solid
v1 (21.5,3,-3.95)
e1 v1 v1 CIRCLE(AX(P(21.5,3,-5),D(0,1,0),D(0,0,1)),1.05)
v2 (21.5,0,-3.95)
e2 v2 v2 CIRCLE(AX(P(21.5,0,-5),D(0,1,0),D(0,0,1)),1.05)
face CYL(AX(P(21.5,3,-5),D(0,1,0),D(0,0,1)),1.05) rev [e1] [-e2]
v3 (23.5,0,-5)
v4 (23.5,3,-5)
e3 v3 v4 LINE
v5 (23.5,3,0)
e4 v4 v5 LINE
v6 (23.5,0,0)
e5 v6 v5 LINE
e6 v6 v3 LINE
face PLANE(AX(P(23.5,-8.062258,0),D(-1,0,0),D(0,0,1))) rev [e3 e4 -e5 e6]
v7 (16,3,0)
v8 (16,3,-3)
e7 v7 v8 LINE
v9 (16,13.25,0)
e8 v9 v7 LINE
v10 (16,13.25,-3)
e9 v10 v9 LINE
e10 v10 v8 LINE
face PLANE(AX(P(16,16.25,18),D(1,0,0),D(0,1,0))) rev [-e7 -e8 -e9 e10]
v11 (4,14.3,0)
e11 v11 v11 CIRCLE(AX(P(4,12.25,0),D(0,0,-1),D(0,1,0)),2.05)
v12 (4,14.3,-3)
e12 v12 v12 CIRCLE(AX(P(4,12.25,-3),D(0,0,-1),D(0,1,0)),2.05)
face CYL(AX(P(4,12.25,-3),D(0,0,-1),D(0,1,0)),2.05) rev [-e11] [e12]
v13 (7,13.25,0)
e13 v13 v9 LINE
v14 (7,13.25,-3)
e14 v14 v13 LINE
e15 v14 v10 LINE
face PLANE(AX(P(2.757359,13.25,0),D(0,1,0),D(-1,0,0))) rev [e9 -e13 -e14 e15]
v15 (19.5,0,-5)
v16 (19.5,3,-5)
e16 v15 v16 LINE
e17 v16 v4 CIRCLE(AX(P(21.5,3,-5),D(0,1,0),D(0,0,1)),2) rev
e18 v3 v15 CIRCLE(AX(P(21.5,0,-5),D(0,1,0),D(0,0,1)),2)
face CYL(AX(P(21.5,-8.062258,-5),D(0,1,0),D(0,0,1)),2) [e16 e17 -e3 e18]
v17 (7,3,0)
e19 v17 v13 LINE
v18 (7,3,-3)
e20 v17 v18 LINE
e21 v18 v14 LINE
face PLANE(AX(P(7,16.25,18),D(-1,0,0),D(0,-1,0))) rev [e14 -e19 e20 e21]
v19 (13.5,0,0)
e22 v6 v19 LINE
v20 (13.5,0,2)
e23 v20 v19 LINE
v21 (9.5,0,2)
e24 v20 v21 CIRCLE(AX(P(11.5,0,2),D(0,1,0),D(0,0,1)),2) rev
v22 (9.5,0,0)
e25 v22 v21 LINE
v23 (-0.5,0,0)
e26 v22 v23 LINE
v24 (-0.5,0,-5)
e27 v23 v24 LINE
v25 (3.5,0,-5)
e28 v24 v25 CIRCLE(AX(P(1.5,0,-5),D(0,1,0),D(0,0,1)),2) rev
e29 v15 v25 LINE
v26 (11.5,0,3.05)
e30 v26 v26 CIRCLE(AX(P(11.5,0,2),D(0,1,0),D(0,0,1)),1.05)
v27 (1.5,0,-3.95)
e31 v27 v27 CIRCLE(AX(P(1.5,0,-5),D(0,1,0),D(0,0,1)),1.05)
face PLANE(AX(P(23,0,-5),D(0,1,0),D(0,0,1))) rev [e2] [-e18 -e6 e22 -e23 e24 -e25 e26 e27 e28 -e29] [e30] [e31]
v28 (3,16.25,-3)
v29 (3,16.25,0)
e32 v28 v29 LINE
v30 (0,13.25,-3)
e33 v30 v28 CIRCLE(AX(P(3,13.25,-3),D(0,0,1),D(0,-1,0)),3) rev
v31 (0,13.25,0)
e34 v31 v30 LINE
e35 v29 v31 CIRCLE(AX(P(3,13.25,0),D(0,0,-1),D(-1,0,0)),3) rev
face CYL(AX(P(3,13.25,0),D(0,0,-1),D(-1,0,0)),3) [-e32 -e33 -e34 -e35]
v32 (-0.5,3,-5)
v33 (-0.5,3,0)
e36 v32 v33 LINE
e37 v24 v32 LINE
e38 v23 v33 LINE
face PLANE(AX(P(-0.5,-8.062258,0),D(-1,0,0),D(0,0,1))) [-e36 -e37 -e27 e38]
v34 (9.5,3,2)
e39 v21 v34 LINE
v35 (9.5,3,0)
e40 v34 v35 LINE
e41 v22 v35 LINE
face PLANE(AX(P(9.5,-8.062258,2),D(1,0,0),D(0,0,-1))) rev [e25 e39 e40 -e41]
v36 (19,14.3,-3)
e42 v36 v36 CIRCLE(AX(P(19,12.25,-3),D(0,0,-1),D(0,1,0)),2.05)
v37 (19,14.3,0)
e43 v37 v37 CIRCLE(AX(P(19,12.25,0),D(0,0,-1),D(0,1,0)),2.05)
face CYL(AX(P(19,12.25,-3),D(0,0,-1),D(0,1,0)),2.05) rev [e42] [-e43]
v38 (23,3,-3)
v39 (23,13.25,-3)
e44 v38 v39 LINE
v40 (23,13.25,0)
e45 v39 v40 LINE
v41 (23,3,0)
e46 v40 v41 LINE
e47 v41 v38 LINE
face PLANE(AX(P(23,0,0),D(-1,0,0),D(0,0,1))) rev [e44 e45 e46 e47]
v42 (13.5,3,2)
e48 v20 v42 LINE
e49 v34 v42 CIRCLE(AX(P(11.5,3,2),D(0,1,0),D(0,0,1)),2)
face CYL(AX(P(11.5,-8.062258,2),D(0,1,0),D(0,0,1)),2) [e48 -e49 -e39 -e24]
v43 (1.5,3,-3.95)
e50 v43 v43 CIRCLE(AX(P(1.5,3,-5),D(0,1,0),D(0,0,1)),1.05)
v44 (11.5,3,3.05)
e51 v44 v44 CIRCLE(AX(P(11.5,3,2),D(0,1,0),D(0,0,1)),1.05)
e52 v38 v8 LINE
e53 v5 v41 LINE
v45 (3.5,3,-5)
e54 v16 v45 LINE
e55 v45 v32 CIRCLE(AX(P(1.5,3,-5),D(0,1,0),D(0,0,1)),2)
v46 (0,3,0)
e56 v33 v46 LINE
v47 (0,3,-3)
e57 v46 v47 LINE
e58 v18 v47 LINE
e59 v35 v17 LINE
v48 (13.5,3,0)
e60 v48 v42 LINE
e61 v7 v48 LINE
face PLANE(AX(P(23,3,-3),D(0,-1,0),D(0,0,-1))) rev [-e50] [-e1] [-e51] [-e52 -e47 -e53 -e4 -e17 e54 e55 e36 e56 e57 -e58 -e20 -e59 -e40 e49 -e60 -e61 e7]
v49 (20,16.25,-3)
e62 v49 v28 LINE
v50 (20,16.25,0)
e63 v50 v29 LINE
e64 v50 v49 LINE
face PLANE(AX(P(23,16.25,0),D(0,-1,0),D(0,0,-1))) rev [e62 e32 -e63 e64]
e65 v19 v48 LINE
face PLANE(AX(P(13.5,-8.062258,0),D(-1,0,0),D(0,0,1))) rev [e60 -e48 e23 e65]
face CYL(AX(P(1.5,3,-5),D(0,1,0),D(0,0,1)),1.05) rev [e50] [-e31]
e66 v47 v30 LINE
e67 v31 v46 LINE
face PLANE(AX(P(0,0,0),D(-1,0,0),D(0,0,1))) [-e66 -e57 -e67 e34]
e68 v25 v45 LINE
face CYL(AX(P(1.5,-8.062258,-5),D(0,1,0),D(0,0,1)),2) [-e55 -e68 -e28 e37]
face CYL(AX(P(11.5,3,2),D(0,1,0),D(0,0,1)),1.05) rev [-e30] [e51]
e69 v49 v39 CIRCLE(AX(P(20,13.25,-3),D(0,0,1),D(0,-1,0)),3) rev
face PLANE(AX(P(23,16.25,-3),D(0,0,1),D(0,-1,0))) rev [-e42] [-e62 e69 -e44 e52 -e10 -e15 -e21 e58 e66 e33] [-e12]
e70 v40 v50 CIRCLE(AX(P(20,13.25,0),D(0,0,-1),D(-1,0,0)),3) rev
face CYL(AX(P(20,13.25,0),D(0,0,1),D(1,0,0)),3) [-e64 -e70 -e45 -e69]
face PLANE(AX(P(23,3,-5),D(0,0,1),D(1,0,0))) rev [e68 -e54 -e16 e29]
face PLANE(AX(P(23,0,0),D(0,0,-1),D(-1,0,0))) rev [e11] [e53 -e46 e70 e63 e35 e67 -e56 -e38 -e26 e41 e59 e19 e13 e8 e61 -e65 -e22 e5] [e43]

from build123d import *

# Parameters (mm, degrees)
EXTRUDE_1_DEPTH         = 23
HOLE_WIZARD_4_1_4_1_1_D = 4.1
SKETCH_5_W              = 9
SKETCH_5_H              = 13.25
CUT_EXTRUDE_1_DEPTH     = 21
EXTRUDE_2_DEPTH         = 3
HOLE_WIZARD_2_1_2_1_1_D = 2.1
SKETCH_12_W             = 3
SKETCH_12_H             = 3
EXTRUDE_4_DEPTH         = 9
FILLET_1_R              = 3


with BuildPart() as part:
    # 草图1 → 凸台-拉伸1 (new body)
    with BuildSketch(Plane(origin=(0, 0, 0), x_dir=(0, 0, -1), z_dir=(1, 0, 0))):
        Polygon((0, 0), (0, 16.25), (3, 16.25), (3, 3), (5, 3), (5, 0), align=None)
    extrude(amount=EXTRUDE_1_DEPTH)

    # Ø4.1 (4.1) 直径孔1 (through all)
    with Locations(Plane(origin=(0, 0, -3), x_dir=(-1, 0, 0), z_dir=(0, 0, -1))):
        with Locations((-4, 12.25), (-19, 12.25)):
            Hole(HOLE_WIZARD_4_1_4_1_1_D / 2)

    # 草图5 → 切除-拉伸1 (cut)
    with BuildSketch(Plane(origin=(0, 0, -3), x_dir=(-1, 0, 0), z_dir=(0, 0, -1))):
        with Locations((-11.5, 9.625)):
            Rectangle(SKETCH_5_W, SKETCH_5_H)
    extrude(amount=-CUT_EXTRUDE_1_DEPTH, mode=Mode.SUBTRACT)

    # 草图6 → 凸台-拉伸2 (add)
    with BuildSketch(Plane(origin=(0, 3, 0), x_dir=(1, 0, 0), z_dir=(0, 1, 0))):
        with BuildLine():
            ThreePointArc((3.5, 5), (1.5, 7), (-0.5, 5))
            Line((-0.5, 5), (-0.5, 0))
            Line((-0.5, 0), (0, 0))
            Line((0, 0), (0, 5))
            Line((0, 5), (3.5, 5))
        make_face()
        with BuildLine():
            Line((9.5, 0), (9.5, -2))
            ThreePointArc((9.5, -2), (11.5, -4), (13.5, -2))
            Line((13.5, -2), (13.5, 0))
            Line((13.5, 0), (9.5, 0))
        make_face()
        with BuildLine():
            Line((23.5, 0), (23.5, 5))
            ThreePointArc((23.5, 5), (21.5, 7), (19.5, 5))
            Line((19.5, 5), (23, 5))
            Line((23, 5), (23, 0))
            Line((23, 0), (23.5, 0))
        make_face()
    extrude(amount=-EXTRUDE_2_DEPTH)

    # Ø2.1 (2.1) 直径孔1 (through all)
    with Locations(Plane(origin=(0, 3, 0), x_dir=(1, 0, 0), z_dir=(0, 1, 0))):
        with Locations((1.5, 5), (11.5, -2), (21.5, 5)):
            Hole(HOLE_WIZARD_2_1_2_1_1_D / 2)

    # 草图12 → 凸台-拉伸4 (add)
    with BuildSketch(Plane.ZY.offset(-16)):
        with Locations((-1.5, 14.75)):
            Rectangle(SKETCH_12_W, SKETCH_12_H)
    extrude(amount=EXTRUDE_4_DEPTH)

    # 圆角1
    fillet_1_edges = [part.edges().sort_by_distance(p)[0] for p in [
        (23, 16.25, -1.5),
        (0, 16.25, -1.5),
    ]]
    fillet(fillet_1_edges, radius=FILLET_1_R)


solid = part.part
